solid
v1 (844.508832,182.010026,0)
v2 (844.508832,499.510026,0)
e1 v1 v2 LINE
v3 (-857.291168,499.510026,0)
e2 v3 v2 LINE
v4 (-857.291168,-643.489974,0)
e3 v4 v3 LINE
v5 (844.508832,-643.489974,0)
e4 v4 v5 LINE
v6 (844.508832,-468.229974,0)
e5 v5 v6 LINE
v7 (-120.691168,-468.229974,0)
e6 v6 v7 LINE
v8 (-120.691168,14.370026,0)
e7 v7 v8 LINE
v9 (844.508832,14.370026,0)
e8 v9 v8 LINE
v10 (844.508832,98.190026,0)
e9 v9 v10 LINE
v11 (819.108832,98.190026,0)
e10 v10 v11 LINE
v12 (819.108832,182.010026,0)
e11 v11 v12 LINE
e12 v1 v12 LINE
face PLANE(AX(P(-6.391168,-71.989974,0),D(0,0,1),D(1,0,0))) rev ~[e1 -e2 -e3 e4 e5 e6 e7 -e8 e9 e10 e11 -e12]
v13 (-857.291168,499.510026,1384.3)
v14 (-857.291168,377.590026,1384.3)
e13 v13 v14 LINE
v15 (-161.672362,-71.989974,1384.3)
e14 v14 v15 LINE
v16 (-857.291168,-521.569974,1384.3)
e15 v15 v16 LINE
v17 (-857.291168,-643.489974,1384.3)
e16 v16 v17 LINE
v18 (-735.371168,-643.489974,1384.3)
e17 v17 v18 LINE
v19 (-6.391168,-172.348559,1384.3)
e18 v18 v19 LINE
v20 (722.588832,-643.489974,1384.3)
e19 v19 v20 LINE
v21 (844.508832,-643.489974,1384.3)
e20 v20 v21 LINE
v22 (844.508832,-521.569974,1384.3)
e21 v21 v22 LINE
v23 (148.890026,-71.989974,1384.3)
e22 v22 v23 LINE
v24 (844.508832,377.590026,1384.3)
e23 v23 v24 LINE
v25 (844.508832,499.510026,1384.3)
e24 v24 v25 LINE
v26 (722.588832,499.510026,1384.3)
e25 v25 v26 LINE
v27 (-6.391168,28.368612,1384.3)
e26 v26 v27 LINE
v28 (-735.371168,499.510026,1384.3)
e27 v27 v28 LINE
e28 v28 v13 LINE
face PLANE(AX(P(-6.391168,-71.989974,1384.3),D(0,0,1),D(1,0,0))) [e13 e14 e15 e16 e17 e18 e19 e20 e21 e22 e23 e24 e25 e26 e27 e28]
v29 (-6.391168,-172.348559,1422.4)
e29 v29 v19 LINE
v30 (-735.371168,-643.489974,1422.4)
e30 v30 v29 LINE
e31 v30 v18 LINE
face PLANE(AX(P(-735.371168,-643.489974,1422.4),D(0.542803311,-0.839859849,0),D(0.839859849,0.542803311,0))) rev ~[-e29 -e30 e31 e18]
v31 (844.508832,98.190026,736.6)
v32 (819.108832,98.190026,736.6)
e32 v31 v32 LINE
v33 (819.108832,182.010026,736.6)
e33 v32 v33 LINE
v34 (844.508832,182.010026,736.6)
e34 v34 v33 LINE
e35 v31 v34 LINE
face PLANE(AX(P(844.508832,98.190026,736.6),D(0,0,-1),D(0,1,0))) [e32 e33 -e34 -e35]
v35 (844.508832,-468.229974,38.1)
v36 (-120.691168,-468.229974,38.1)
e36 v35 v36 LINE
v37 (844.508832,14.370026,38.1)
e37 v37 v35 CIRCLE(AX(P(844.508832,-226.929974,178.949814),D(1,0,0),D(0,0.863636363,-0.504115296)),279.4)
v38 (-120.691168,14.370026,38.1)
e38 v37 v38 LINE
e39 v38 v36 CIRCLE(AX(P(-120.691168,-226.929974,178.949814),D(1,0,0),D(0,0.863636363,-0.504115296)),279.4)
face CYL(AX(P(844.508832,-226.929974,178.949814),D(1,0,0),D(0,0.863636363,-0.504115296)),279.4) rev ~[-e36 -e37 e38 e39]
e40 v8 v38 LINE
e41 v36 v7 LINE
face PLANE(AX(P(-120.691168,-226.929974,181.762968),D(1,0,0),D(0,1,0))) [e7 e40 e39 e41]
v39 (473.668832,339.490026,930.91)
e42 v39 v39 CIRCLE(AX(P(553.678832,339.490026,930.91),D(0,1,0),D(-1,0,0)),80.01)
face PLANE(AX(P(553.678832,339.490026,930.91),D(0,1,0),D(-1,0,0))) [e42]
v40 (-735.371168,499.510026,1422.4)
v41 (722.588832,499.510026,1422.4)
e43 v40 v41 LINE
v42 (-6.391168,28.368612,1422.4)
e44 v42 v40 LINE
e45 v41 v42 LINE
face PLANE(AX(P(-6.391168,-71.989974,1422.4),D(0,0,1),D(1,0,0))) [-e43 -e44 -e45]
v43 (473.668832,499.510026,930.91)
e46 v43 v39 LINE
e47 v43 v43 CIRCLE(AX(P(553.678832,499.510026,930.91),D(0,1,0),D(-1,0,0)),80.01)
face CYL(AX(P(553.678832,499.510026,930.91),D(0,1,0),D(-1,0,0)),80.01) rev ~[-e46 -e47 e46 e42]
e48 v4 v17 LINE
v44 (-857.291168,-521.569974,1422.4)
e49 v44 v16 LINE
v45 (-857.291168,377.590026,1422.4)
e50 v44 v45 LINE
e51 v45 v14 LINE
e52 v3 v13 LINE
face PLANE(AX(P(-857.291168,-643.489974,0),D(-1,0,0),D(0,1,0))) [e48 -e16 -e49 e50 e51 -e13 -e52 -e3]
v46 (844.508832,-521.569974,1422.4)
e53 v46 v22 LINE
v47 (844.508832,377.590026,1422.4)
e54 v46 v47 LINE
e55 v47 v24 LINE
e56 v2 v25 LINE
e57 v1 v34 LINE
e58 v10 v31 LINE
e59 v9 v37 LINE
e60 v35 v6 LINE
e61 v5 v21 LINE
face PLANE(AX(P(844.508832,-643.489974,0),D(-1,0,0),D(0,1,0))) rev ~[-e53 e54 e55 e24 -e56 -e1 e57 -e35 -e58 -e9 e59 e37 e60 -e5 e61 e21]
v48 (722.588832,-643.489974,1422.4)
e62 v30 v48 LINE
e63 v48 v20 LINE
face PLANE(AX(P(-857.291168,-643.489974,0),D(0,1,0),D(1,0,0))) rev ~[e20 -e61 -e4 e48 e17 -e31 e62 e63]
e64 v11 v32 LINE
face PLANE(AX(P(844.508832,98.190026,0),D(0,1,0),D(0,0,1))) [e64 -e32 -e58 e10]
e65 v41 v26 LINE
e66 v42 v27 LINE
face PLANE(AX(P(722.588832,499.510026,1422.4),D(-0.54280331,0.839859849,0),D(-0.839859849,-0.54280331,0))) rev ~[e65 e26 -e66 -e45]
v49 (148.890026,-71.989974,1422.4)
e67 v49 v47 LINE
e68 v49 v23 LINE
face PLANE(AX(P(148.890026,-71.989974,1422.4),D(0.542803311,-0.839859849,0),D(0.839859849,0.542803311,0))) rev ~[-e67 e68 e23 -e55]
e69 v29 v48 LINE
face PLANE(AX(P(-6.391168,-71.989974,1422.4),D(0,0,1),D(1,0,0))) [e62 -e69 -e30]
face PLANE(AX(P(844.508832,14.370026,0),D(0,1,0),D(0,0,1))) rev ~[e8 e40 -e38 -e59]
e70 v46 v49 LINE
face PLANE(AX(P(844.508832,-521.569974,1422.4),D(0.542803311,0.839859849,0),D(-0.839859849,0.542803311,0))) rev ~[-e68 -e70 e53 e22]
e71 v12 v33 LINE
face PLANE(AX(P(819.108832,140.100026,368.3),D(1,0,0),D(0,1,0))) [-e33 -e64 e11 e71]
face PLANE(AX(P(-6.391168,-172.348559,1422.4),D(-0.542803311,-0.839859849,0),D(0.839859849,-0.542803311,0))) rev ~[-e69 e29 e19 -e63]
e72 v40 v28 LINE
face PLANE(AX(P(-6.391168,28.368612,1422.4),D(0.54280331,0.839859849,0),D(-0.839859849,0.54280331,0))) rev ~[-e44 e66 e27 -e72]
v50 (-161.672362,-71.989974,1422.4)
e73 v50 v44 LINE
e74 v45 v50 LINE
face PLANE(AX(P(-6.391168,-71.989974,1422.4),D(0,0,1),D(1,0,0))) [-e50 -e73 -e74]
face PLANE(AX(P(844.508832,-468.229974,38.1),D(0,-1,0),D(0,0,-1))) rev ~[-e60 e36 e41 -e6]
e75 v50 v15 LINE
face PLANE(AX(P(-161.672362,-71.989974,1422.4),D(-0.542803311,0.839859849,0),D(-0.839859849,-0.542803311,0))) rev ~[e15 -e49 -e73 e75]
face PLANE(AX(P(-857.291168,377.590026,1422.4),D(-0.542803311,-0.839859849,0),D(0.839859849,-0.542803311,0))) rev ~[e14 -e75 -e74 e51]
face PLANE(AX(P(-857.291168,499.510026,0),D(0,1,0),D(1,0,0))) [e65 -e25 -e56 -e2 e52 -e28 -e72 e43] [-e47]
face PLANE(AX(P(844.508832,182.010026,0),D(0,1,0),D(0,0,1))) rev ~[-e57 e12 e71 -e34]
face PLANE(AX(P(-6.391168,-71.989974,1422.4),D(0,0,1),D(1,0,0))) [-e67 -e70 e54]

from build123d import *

# Parameters (mm, degrees)
F0_W     = 1701.8
F0_H     = 1143
F1_DEPTH = 1422.4
F2_R     = 80.01
F3_DEPTH = 160.02
F5_DEPTH = 38.1
F6_W     = 83.82
F6_H     = 736.6
F7_DEPTH = 25.4
F9_DEPTH = 965.2


with BuildPart() as f1:
    # F0 (on Top) → F1 (new body)
    with BuildSketch(Plane.XY):
        with Locations((-6.391168, -71.989974)):
            Rectangle(F0_W, F0_H)
    extrude(amount=F1_DEPTH)

    # F2 (on face) → F3 (cut)
    with BuildSketch(Plane(origin=(0, 499.510026, 0), x_dir=(-1, 0, 0), z_dir=(0, 1, 0))):
        with Locations((-553.678832, 930.91)):
            Circle(F2_R)
    extrude(amount=-F3_DEPTH, mode=Mode.SUBTRACT)

    # F4 (on face) → F5 (cut)
    with BuildSketch(Plane.XY.offset(1422.4)):
        Polygon((-857.291168, -643.489974), (-735.371168, -643.489974), (-6.391168, -172.348559), (722.588832, -643.489974), (844.508832, -643.489974), (844.508832, -521.569974), (148.890026, -71.989974), (844.508832, 377.590026), (844.508832, 499.510026), (722.588832, 499.510026), (-6.391168, 28.368612), (-735.371168, 499.510026), (-857.291168, 499.510026), (-857.291168, 377.590026), (-161.672362, -71.989974), (-857.291168, -521.569974), align=None)
    extrude(amount=-F5_DEPTH, mode=Mode.SUBTRACT)

    # F6 (on face) → F7 (cut)
    with BuildSketch(Plane.YZ.offset(844.508832)):
        with Locations((140.100026, 368.3)):
            Rectangle(F6_W, F6_H)
    extrude(amount=-F7_DEPTH, mode=Mode.SUBTRACT)

    # F8 (on face) → F9 (cut)
    with BuildSketch(Plane.YZ.offset(844.508832)):
        with BuildLine():
            Line((14.370026, 0), (14.370026, 38.1))
            ThreePointArc((14.370026, 38.1), (-226.929974, 458.349814), (-468.229974, 38.1))
            Line((-468.229974, 38.1), (-468.229974, 0))
            Line((-468.229974, 0), (14.370026, 0))
        make_face()
    extrude(amount=-F9_DEPTH, mode=Mode.SUBTRACT)


solid = f1.part
